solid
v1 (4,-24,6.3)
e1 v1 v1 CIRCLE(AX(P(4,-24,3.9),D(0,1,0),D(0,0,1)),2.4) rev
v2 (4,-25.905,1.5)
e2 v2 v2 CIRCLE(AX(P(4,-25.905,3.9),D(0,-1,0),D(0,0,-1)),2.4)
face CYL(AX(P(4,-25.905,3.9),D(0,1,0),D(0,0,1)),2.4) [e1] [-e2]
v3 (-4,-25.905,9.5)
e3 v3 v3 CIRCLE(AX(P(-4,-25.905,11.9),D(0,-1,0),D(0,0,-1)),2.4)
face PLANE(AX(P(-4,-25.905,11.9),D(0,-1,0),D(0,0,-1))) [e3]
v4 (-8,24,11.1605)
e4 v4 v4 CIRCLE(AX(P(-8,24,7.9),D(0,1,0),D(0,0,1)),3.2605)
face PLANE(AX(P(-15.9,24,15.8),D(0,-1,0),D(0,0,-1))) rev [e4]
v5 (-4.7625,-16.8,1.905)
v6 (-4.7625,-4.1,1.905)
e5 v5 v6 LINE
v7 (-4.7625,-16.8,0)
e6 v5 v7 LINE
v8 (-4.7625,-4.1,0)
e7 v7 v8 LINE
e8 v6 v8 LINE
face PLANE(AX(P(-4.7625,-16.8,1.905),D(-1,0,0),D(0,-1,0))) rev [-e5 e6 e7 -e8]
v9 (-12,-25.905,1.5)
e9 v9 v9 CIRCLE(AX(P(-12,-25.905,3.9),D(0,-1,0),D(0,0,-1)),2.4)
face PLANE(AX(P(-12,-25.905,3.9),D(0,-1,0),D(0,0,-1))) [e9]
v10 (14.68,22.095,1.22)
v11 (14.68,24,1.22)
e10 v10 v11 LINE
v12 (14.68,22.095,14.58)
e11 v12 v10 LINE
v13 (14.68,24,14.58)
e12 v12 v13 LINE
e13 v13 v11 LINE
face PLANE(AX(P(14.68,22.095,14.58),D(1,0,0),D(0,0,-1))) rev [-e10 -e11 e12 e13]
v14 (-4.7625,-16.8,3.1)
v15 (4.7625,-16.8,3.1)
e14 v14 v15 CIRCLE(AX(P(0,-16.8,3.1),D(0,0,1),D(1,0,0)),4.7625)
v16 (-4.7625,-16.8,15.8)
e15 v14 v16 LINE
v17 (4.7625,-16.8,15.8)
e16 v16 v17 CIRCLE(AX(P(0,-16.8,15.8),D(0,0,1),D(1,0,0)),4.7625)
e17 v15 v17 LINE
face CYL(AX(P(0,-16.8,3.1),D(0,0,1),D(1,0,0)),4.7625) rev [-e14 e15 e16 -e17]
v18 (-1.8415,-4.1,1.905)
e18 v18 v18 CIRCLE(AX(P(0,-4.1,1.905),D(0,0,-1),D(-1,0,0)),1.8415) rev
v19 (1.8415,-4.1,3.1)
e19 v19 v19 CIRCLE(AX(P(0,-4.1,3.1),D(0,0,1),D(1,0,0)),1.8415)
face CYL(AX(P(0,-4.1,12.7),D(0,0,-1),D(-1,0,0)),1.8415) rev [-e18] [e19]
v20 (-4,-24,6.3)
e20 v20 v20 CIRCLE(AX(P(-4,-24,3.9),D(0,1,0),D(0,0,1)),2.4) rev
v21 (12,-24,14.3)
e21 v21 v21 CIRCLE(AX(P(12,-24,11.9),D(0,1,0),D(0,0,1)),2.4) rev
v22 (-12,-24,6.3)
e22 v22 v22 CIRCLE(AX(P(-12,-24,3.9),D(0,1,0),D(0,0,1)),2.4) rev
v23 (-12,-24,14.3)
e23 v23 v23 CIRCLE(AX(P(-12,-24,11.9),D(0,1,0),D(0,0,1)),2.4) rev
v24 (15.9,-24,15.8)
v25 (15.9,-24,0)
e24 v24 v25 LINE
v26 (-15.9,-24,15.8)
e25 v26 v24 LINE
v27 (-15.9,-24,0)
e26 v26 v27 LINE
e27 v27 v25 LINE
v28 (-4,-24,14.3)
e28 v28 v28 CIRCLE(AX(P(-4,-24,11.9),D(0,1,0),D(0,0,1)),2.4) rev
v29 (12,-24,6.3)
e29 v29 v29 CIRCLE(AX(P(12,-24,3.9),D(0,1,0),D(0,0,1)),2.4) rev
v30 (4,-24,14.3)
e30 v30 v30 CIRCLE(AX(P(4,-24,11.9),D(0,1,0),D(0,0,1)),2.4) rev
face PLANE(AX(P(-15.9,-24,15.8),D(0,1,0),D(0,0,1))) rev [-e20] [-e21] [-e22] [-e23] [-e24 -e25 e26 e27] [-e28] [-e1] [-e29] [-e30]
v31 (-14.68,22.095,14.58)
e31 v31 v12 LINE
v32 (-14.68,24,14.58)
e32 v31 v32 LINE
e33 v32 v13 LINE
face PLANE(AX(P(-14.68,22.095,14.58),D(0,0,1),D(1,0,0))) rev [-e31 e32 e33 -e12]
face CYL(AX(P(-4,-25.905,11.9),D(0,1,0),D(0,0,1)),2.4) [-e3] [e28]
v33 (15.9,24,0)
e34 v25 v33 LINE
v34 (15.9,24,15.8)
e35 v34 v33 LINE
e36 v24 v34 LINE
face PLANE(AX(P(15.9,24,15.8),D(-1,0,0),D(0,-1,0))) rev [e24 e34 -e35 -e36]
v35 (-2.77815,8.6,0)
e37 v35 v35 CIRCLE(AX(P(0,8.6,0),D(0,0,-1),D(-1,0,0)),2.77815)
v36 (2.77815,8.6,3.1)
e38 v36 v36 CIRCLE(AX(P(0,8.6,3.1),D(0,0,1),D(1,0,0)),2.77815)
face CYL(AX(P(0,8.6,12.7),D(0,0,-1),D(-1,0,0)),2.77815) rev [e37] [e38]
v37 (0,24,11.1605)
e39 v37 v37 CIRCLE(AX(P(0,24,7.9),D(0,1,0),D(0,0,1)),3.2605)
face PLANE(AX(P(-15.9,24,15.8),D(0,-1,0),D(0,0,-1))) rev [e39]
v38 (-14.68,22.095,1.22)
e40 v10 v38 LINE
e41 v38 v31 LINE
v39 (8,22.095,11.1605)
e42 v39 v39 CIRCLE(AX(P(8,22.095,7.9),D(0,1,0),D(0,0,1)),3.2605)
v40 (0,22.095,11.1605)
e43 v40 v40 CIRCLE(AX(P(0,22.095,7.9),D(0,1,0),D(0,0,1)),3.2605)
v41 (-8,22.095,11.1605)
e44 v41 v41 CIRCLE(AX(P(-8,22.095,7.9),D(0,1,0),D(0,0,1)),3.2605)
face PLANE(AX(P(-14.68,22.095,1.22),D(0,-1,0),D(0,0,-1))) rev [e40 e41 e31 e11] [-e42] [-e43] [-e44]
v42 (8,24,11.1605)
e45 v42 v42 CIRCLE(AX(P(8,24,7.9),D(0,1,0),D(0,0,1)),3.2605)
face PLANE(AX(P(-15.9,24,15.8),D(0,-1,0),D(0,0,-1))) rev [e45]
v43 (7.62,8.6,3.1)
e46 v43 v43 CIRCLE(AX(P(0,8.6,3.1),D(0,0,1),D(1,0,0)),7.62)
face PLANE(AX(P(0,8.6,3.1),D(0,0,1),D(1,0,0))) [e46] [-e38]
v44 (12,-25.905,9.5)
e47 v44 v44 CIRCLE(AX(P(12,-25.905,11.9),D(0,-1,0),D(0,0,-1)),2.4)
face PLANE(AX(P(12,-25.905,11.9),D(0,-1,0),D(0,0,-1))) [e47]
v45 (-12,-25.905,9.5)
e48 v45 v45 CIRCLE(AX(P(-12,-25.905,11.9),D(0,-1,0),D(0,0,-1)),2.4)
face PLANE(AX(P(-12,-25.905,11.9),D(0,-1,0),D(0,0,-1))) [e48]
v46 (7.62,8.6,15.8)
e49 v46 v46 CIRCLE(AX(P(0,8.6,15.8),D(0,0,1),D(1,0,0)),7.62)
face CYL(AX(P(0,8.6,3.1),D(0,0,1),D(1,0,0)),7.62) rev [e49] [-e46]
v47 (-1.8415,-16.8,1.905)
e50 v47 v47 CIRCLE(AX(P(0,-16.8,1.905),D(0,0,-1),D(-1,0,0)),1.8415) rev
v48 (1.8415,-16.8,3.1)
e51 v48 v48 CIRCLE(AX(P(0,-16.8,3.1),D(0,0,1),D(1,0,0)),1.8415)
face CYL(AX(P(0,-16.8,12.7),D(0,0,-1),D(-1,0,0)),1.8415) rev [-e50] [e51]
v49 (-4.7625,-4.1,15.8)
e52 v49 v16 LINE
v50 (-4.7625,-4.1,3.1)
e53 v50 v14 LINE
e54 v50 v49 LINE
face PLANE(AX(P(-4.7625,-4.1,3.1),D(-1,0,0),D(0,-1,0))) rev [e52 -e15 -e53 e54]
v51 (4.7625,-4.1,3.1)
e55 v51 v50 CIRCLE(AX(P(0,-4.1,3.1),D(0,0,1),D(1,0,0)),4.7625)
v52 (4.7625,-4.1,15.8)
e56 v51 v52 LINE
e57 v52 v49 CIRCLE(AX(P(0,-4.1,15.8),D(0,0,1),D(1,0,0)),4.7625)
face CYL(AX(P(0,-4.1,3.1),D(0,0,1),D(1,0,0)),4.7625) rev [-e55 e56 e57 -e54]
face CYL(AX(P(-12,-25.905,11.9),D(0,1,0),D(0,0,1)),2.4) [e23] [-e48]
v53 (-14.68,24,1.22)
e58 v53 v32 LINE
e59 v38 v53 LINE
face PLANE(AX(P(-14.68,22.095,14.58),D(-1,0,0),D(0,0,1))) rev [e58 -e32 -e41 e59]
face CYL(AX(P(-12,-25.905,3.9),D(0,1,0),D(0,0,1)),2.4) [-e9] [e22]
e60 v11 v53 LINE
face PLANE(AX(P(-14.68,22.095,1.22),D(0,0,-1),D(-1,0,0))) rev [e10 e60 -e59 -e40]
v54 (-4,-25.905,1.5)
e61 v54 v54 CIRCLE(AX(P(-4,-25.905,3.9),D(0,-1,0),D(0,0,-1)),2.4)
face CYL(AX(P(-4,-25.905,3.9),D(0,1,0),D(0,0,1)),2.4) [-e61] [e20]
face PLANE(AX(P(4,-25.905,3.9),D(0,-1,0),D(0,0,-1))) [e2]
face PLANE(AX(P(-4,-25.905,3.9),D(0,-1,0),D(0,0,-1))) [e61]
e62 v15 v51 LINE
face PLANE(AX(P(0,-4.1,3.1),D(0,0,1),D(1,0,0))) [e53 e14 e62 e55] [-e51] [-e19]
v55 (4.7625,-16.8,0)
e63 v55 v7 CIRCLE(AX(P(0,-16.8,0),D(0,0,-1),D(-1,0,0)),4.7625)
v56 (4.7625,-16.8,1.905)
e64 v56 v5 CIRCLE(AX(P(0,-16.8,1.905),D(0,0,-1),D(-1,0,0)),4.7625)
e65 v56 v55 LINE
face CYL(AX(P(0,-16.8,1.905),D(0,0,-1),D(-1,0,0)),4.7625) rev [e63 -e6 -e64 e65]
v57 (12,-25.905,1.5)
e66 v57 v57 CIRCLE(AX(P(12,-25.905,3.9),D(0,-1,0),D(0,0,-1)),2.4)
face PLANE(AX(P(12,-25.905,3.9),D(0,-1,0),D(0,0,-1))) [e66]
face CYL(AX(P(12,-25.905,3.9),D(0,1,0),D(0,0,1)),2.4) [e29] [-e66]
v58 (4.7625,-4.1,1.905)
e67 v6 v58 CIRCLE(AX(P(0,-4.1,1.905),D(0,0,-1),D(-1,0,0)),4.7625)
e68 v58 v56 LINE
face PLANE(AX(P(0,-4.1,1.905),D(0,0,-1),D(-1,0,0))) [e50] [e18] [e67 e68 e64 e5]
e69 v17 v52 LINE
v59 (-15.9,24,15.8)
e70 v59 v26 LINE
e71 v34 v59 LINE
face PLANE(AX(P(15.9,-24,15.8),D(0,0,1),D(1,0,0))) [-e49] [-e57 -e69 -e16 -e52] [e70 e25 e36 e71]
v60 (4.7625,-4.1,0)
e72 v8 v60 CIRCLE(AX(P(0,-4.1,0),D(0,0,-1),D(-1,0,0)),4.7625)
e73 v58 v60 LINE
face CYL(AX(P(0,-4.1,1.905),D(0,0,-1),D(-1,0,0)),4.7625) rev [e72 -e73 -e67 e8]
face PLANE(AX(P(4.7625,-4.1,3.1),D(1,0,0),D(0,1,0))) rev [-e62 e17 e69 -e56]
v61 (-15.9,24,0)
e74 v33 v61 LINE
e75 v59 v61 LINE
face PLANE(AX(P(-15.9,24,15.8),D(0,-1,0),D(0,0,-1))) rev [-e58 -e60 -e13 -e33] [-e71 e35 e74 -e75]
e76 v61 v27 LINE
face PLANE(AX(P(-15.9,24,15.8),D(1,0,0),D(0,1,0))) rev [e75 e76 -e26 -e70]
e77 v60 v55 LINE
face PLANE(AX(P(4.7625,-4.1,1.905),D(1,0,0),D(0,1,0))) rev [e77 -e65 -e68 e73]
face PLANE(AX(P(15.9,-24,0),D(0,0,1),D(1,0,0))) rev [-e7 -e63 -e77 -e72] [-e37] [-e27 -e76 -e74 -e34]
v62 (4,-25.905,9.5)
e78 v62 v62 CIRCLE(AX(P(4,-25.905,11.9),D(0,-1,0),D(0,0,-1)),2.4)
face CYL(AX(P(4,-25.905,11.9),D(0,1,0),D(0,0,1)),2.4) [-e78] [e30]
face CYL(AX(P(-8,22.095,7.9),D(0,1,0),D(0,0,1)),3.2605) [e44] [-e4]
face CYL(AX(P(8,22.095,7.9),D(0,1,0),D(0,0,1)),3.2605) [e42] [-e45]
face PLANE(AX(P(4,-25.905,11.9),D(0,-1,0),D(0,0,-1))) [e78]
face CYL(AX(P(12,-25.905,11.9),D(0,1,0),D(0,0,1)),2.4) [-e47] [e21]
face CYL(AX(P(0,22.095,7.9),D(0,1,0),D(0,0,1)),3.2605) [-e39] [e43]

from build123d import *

# Parameters (mm, degrees)
SKETCH1_W           = 31.8
SKETCH1_H           = 48
BOSS_EXTRUDE1_DEPTH = 15.8
SKETCH2_R           = 7.62
CUT_EXTRUDE1_DEPTH  = 12.7
SKETCH3_R           = 2.77815
SKETCH3_R_2         = 1.8415
CUT_EXTRUDE2_DEPTH  = 12.7
CUT_EXTRUDE3_DEPTH  = 1.905
SKETCH5_R           = 2.4
BOSS_EXTRUDE2_DEPTH = 1.905
SKETCH6_W           = 29.36
SKETCH6_H           = 13.36
SKETCH6_R           = 3.2605
CUT_EXTRUDE4_DEPTH  = 1.905


with BuildPart() as part:
    # Sketch1 → Boss-Extrude1 (new body)
    with BuildSketch(Plane.XY):
        Rectangle(SKETCH1_W, SKETCH1_H)
    extrude(amount=BOSS_EXTRUDE1_DEPTH)

    # Sketch2 → Cut-Extrude1 (cut)
    with BuildSketch(Plane.XY.offset(15.8)):
        with Locations((0, 8.6)):
            Circle(SKETCH2_R)
        with BuildLine():
            Line((4.7625, -4.1), (4.7625, -16.8))
            ThreePointArc((4.7625, -16.8), (0, -21.5625), (-4.7625, -16.8))
            Line((-4.7625, -16.8), (-4.7625, -4.1))
            ThreePointArc((-4.7625, -4.1), (0, 0.6625), (4.7625, -4.1))
        make_face()
    extrude(amount=-CUT_EXTRUDE1_DEPTH, mode=Mode.SUBTRACT)

    # Sketch3 → Cut-Extrude2 (cut)
    with BuildSketch(Plane(origin=(0, 0, 0), x_dir=(-1, 0, 0), z_dir=(0, 0, -1))):
        with Locations((0, 8.6)):
            Circle(SKETCH3_R)
        with Locations((0, -4.1)):
            Circle(SKETCH3_R_2)
        with Locations((0, -16.8)):
            Circle(SKETCH3_R_2)
    extrude(amount=-CUT_EXTRUDE2_DEPTH, mode=Mode.SUBTRACT)

    # Sketch4 → Cut-Extrude3 (cut)
    with BuildSketch(Plane(origin=(0, 0, 0), x_dir=(-1, 0, 0), z_dir=(0, 0, -1))):
        with BuildLine():
            Line((4.7625, -16.8), (4.7625, -4.1))
            ThreePointArc((4.7625, -4.1), (0, 0.6625), (-4.7625, -4.1))
            Line((-4.7625, -4.1), (-4.7625, -16.8))
            ThreePointArc((-4.7625, -16.8), (0, -21.5625), (4.7625, -16.8))
        make_face()
    extrude(amount=-CUT_EXTRUDE3_DEPTH, mode=Mode.SUBTRACT)

    # Sketch5 → Boss-Extrude2 (add)
    with BuildSketch(Plane.XZ.offset(24)):
        with Locations((-12, 11.9)):
            Circle(SKETCH5_R)
        with Locations((-12, 3.9)):
            Circle(SKETCH5_R)
        with Locations((-4, 11.9)):
            Circle(SKETCH5_R)
        with Locations((-4, 3.9)):
            Circle(SKETCH5_R)
        with Locations((4, 11.9)):
            Circle(SKETCH5_R)
        with Locations((4, 3.9)):
            Circle(SKETCH5_R)
        with Locations((12, 11.9)):
            Circle(SKETCH5_R)
        with Locations((12, 3.9)):
            Circle(SKETCH5_R)
    extrude(amount=BOSS_EXTRUDE2_DEPTH)

    # Sketch6 → Cut-Extrude4 (cut)
    with BuildSketch(Plane(origin=(0, 24, 0), x_dir=(1, 0, 0), z_dir=(0, 1, 0))):
        with Locations((0, -7.9)):
            Rectangle(SKETCH6_W, SKETCH6_H)
        with Locations((-8, -7.9)):
            Circle(SKETCH6_R, mode=Mode.SUBTRACT)
        with Locations((0, -7.9)):
            Circle(SKETCH6_R, mode=Mode.SUBTRACT)
        with Locations((8, -7.9)):
            Circle(SKETCH6_R, mode=Mode.SUBTRACT)
    extrude(amount=-CUT_EXTRUDE4_DEPTH, mode=Mode.SUBTRACT)


solid = part.part
